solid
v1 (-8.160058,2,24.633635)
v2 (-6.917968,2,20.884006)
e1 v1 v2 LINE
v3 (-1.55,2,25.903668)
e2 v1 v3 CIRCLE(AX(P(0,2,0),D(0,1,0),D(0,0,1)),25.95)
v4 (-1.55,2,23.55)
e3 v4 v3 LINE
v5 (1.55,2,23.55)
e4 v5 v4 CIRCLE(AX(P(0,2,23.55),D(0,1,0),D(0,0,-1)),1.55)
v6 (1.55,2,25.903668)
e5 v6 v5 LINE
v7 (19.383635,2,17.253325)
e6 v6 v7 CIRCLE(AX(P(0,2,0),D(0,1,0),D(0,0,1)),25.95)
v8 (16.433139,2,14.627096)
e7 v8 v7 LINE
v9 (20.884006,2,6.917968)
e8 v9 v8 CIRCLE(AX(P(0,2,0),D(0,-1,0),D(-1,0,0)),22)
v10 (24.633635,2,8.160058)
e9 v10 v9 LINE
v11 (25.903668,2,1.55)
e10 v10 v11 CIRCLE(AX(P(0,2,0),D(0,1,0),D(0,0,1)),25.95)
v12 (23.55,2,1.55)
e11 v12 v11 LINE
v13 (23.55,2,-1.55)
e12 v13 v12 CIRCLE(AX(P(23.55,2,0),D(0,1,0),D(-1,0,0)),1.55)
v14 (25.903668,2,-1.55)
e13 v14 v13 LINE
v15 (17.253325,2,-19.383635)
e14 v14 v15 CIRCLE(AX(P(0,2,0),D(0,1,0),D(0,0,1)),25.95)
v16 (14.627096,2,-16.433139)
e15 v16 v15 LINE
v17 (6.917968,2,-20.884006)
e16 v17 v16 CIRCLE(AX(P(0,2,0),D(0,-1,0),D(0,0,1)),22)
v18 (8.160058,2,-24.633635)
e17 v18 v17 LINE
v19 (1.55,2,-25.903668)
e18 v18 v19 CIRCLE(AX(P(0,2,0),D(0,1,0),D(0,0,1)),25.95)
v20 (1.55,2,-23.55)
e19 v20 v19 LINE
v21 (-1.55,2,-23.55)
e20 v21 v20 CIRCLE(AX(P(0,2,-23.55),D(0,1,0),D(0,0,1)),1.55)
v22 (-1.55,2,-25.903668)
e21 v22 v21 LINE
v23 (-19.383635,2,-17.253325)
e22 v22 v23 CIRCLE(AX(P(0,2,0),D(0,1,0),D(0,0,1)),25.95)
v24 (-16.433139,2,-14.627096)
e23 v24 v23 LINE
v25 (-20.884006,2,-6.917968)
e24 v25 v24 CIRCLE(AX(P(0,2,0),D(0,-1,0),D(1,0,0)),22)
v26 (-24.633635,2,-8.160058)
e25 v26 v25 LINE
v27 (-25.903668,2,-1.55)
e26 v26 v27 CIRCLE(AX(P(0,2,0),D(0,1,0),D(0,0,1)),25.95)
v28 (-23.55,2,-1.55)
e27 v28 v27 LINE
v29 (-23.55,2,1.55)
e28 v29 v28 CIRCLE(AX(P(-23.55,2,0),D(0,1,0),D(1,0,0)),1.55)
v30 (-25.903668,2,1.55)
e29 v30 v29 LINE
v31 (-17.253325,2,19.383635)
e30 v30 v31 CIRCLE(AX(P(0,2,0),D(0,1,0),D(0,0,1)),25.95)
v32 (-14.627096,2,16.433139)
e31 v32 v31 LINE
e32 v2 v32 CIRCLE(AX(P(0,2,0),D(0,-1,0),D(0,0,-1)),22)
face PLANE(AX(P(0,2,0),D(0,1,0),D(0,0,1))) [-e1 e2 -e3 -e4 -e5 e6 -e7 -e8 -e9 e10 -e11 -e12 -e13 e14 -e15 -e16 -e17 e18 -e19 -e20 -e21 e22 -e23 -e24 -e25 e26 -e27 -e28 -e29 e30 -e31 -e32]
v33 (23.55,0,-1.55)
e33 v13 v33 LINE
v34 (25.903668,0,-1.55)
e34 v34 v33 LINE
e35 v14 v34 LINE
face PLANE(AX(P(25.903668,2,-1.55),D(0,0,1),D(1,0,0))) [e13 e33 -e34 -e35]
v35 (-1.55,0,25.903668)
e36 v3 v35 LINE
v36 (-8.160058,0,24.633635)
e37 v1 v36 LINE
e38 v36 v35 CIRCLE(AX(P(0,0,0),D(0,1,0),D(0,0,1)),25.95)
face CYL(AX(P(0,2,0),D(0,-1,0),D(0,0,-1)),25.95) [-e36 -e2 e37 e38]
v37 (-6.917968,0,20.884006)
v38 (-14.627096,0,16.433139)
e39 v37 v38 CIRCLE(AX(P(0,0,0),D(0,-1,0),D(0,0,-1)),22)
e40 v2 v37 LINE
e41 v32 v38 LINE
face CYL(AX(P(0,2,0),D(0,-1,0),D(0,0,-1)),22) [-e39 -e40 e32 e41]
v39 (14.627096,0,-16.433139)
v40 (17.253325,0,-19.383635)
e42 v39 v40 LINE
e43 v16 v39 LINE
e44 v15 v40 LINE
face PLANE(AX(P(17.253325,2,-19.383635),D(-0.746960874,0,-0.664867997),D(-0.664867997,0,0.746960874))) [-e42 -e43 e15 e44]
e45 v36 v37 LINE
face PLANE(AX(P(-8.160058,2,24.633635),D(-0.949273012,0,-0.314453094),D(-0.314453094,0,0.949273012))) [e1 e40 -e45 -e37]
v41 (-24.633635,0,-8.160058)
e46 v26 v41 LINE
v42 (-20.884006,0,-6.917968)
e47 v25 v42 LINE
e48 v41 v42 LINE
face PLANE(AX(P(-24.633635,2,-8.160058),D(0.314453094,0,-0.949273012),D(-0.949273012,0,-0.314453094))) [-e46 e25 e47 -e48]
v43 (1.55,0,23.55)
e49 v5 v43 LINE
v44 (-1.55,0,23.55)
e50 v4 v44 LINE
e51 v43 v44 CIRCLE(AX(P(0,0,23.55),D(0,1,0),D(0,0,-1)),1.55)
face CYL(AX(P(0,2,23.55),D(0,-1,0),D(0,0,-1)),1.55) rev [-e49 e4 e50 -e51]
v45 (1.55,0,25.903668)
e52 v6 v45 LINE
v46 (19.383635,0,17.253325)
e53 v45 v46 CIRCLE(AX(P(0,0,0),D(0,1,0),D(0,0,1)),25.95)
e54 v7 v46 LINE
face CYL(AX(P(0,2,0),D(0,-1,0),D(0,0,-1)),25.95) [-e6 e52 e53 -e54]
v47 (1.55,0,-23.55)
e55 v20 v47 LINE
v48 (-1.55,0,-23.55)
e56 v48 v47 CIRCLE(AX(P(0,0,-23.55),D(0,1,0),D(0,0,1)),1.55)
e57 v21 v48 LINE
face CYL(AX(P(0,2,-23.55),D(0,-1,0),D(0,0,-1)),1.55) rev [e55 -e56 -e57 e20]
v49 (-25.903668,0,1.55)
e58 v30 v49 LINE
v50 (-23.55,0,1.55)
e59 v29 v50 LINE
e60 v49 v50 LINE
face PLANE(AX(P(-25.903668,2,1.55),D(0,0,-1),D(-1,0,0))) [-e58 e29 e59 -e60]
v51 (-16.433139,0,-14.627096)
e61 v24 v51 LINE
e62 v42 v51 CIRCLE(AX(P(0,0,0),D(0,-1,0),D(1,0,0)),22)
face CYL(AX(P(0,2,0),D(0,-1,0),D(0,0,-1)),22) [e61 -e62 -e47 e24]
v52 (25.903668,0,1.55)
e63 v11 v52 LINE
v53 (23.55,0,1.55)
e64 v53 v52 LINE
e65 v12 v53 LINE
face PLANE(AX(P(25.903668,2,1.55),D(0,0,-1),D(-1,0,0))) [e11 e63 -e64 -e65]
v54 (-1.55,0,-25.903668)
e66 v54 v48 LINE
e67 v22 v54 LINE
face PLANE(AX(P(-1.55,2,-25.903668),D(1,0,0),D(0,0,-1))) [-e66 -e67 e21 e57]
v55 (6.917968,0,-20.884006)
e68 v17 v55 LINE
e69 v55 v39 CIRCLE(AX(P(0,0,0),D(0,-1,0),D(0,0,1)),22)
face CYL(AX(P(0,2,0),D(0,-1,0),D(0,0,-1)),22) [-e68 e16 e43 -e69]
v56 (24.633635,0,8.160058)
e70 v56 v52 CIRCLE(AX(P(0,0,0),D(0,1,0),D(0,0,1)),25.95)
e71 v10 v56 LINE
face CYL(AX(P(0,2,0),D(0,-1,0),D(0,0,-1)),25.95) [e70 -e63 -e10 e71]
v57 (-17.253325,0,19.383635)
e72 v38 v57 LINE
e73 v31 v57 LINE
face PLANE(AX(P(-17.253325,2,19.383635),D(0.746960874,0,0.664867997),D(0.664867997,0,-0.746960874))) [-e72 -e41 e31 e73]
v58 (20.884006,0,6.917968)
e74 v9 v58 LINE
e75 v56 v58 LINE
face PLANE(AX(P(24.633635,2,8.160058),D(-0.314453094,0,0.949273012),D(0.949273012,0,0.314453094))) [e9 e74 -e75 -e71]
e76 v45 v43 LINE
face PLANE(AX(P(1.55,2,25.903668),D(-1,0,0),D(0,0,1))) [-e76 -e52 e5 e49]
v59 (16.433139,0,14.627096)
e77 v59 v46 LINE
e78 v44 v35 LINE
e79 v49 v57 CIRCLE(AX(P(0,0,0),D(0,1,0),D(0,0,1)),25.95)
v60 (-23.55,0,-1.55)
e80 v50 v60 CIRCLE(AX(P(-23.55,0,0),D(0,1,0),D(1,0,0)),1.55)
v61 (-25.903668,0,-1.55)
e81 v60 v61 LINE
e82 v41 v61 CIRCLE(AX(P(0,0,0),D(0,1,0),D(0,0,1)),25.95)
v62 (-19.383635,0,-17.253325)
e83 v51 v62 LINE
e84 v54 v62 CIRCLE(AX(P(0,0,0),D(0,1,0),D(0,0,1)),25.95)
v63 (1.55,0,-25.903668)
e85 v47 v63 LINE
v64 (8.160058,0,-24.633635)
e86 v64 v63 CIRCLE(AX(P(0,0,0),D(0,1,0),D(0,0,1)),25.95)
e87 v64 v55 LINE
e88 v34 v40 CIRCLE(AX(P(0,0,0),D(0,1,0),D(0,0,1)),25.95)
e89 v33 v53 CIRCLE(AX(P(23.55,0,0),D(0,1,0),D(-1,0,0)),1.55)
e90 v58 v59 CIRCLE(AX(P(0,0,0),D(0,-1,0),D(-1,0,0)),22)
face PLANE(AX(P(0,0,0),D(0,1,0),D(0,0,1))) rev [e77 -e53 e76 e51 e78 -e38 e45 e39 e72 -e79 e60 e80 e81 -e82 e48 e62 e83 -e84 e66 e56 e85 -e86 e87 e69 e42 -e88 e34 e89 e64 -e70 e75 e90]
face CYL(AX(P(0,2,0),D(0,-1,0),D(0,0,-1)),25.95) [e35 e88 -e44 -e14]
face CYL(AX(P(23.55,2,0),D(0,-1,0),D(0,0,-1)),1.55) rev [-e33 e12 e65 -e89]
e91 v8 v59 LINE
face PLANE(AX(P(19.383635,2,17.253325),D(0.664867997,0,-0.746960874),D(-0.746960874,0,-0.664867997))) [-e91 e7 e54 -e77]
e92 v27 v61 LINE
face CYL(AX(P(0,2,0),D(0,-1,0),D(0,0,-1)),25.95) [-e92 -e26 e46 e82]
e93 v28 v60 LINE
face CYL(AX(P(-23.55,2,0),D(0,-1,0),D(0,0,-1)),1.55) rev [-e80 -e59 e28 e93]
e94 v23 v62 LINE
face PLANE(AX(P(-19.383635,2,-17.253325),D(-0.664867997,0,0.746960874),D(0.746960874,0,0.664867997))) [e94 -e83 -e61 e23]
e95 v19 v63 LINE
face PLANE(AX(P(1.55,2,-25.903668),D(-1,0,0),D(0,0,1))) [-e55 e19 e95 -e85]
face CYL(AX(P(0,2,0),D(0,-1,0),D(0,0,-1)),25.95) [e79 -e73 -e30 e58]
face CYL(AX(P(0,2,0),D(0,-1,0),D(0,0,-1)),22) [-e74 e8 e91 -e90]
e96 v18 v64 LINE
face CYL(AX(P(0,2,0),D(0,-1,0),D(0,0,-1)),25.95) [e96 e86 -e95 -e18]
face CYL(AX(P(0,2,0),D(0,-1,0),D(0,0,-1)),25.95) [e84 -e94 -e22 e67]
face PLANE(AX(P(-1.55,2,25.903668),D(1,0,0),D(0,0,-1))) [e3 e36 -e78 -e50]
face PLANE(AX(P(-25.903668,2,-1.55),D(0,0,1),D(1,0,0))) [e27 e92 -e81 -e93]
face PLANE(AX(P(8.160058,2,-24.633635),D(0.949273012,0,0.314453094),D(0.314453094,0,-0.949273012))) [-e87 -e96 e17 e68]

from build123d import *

# Parameters (mm, degrees)
ESQUISSE1_R                  = 25.95
BOSS_EXTRU_1_DEPTH           = 2
ENL_V_MAT_EXTRU_8_DEPTH      = 2
R_P_TITION_CIRCULAIRE1_COUNT = 4


with BuildPart() as part:
    # Esquisse1 → Boss.-Extru.1 (new body)
    with BuildSketch(Plane(origin=(0, 0, 0), x_dir=(1, 0, 0), z_dir=(0, 1, 0))):
        with Locations(Location((0, 0, 0), (0, 0, 270))):  # turned: the seam where the file's is
            Circle(ESQUISSE1_R)
    extrude(amount=BOSS_EXTRU_1_DEPTH)

    # Esquisse2 → Enlèv. mat.-Extru.8 (cut)
    with BuildSketch(Plane(origin=(0, 0, 0), x_dir=(1, 0, 0), z_dir=(0, 1, 0))):
        with BuildLine():
            Line((-1.55, 25.903667694), (-1.55, 23.55))
            ThreePointArc((-1.55, 23.55), (0, 22), (1.55, 23.55))
            Line((1.55, 23.55), (1.55, 25.903667694))
            ThreePointArc((1.55, 25.903667694), (0, 25.95), (-1.55, 25.903667694))
        make_face()
        with BuildLine():
            Line((8.160057781, 24.633634669), (6.917968061, 20.884006271))
            ThreePointArc((6.917968061, 20.884006271), (11, 19.052558883), (14.627095933, 16.433139219))
            Line((14.627095933, 16.433139219), (17.253324521, 19.383634669))
            ThreePointArc((17.253324521, 19.383634669), (12.975, 22.473359228), (8.160057781, 24.633634669))
        make_face()
    enl_v_mat_extru_8 = extrude(amount=ENL_V_MAT_EXTRU_8_DEPTH, mode=Mode.SUBTRACT)

    # Répétition circulaire1: Enlèv. mat.-Extru.8 ×4 about axis
    r_p_tition_circulaire1_axis = Axis((0, 0, 0), (0, 1, 0))
    for i in range(1, R_P_TITION_CIRCULAIRE1_COUNT):
        add(enl_v_mat_extru_8.rotate(r_p_tition_circulaire1_axis, i * 360 / R_P_TITION_CIRCULAIRE1_COUNT), mode=Mode.SUBTRACT)


solid = part.part
